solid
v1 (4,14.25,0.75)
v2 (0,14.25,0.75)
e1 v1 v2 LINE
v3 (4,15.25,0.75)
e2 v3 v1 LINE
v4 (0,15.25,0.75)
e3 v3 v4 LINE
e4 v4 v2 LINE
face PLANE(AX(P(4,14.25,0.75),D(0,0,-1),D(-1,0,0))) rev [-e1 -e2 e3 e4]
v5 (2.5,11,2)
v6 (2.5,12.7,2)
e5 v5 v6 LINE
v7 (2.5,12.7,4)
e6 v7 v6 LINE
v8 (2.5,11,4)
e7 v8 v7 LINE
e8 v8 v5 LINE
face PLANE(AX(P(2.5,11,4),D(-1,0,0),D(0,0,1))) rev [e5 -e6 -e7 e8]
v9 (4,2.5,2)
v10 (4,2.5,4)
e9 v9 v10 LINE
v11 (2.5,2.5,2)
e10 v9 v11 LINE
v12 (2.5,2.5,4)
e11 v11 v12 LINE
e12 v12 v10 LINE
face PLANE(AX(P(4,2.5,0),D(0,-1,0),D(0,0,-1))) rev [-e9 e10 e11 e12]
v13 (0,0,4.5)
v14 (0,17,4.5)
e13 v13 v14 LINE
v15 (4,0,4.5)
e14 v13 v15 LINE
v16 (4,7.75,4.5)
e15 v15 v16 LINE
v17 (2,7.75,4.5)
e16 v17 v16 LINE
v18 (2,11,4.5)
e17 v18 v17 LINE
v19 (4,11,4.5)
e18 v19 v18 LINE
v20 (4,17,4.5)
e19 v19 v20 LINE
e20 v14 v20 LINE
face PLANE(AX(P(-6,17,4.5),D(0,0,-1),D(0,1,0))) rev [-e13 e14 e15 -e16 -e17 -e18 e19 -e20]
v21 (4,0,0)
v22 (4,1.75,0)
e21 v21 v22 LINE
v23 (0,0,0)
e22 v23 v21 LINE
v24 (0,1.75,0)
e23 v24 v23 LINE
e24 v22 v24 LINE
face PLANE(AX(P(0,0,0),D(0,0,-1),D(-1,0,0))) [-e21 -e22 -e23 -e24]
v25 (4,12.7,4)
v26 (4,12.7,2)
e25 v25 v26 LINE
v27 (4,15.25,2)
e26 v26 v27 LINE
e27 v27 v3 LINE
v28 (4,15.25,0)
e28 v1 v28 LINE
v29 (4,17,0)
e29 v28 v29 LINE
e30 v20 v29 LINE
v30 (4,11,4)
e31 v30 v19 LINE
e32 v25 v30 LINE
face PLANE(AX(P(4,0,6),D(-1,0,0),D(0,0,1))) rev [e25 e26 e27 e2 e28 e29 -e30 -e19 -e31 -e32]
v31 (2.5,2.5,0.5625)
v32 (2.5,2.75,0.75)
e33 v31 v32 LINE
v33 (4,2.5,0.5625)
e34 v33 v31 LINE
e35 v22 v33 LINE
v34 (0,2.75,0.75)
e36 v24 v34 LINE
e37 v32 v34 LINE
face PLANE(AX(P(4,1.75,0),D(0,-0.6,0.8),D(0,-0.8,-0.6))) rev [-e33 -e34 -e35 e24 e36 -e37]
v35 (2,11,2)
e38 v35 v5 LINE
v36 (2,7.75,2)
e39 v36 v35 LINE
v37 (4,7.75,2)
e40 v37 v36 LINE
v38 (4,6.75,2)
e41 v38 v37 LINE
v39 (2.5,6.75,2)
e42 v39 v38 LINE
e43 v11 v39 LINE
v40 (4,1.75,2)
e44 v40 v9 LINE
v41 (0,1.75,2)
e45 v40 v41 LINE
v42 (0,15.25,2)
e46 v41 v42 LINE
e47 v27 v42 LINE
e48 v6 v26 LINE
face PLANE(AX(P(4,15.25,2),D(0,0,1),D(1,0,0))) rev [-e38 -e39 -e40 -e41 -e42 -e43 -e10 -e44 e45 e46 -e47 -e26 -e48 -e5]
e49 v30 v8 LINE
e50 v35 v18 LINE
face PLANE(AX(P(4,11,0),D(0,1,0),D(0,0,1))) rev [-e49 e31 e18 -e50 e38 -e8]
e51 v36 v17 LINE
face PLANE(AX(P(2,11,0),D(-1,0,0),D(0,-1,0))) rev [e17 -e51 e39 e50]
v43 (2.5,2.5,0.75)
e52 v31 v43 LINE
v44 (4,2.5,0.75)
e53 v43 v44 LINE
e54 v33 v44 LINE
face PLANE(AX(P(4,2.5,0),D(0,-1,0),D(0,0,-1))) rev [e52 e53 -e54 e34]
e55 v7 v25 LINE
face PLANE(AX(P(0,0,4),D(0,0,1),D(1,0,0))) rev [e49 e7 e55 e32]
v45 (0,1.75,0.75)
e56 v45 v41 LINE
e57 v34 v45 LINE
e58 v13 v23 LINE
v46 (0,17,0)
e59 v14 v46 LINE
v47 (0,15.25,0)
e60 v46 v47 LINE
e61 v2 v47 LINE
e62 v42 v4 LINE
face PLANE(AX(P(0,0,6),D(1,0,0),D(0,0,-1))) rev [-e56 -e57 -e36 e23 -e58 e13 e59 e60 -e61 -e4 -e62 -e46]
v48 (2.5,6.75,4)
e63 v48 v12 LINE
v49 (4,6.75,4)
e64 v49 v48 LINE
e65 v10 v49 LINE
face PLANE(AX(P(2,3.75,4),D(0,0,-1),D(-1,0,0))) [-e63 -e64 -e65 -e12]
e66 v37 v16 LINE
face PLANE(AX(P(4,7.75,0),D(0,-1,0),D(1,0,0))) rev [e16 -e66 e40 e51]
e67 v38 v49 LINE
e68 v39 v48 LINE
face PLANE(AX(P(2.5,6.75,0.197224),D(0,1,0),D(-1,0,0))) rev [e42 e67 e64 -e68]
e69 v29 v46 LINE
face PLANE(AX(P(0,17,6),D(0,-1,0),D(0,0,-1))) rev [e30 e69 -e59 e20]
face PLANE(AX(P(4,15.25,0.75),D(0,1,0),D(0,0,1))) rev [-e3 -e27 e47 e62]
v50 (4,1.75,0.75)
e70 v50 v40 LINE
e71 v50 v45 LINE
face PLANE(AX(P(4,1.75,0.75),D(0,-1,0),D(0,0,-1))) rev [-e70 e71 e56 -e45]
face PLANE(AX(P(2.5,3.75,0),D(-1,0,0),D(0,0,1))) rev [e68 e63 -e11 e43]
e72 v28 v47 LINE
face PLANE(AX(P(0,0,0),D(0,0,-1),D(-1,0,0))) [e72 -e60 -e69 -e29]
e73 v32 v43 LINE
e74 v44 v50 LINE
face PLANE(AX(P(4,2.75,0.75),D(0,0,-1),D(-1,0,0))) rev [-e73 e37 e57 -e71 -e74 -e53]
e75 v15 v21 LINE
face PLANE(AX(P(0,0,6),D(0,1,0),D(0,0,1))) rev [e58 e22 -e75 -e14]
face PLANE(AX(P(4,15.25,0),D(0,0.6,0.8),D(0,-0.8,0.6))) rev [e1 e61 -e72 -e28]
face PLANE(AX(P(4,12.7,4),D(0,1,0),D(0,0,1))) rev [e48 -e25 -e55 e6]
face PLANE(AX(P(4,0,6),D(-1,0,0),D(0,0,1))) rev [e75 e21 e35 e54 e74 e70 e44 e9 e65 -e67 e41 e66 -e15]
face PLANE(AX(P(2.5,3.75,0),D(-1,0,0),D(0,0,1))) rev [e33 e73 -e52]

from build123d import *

# Parameters (mm, degrees)
SKETCH1_W           = 4
SKETCH1_H           = 17
BOSS_EXTRUDE1_DEPTH = 6
SKETCH2_W           = 2
SKETCH2_H           = 3.25
SKETCH2_W_2         = 1.5
SKETCH2_H_2         = 1.25
CUT_EXTRUDE1_DEPTH  = 19.466185313
CUT_EXTRUDE2_DEPTH  = 19.466185313
SKETCH4_W           = 2
SKETCH4_H           = 1.25
BOSS_EXTRUDE2_DEPTH = 2
BOSS_EXTRUDE3_DEPTH = 2
SKETCH6_W           = 1.5
SKETCH6_H           = 1.7
SKETCH6_H_2         = 4
CUT_EXTRUDE3_DEPTH  = 2
SKETCH7_W           = 4
SKETCH7_H           = 17
CUT_EXTRUDE4_DEPTH  = 10
SKETCH8_W           = 1.5
SKETCH8_H           = 1
BOSS_EXTRUDE4_DEPTH = 2


with BuildPart() as part:
    # Sketch1 → Boss-Extrude1 (new body)
    with BuildSketch(Plane.XY):
        with Locations((2, 8.5)):
            Rectangle(SKETCH1_W, SKETCH1_H)
    extrude(amount=BOSS_EXTRUDE1_DEPTH)

    # Sketch2 → Cut-Extrude1 (cut, through all)
    with BuildSketch(Plane.XY.offset(6)):
        with Locations((3, 9.375)):
            Rectangle(SKETCH2_W, SKETCH2_H)
        with Locations((3.25, 3.125)):
            Rectangle(SKETCH2_W_2, SKETCH2_H_2)
    extrude(amount=-CUT_EXTRUDE1_DEPTH, mode=Mode.SUBTRACT)

    # Sketch3 → Cut-Extrude2 (cut, through all)
    with BuildSketch(Plane.ZY):
        Polygon((0, 15.25), (0.75, 14.25), (0.75, 15.25), (2, 15.25), (2, 1.75), (0.75, 1.75), (0.75, 2.75), (0, 1.75), align=None)
    extrude(amount=-CUT_EXTRUDE2_DEPTH, mode=Mode.SUBTRACT)

    # Sketch4 → Boss-Extrude2 (add)
    with BuildSketch(Plane(origin=(4, 0, 0), x_dir=(0, 0, -1), z_dir=(1, 0, 0))):
        with Locations((-5, 3.125)):
            Rectangle(SKETCH4_W, SKETCH4_H)
    extrude(amount=-BOSS_EXTRUDE2_DEPTH)

    # Sketch5 → Boss-Extrude3 (add)
    with BuildSketch(Plane.XY.offset(6)):
        Polygon((0, 14.5), (2, 14.5), (2, 12.2), (4, 12.2), (4, 11), (2, 11), (2, 7.75), (4, 7.75), (4, 6.55), (2, 6.55), (2, 2.5), (0, 2.5), align=None)
    extrude(amount=BOSS_EXTRUDE3_DEPTH)

    # Sketch6 → Cut-Extrude3 (cut)
    with BuildSketch(Plane(origin=(0, 0, 2), x_dir=(-1, 0, 0), z_dir=(0, 0, -1))):
        with Locations((-3.25, 11.85)):
            Rectangle(SKETCH6_W, SKETCH6_H)
        with Locations((-3.25, 5.75)):
            Rectangle(SKETCH6_W, SKETCH6_H_2)
    extrude(amount=-CUT_EXTRUDE3_DEPTH, mode=Mode.SUBTRACT)

    # Sketch7 → Cut-Extrude4 (cut)
    with BuildSketch(Plane(origin=(4, 0, 0), x_dir=(0, 0, -1), z_dir=(1, 0, 0))):
        with Locations((-6.5, 8.5)):
            Rectangle(SKETCH7_W, SKETCH7_H)
    extrude(amount=-CUT_EXTRUDE4_DEPTH, mode=Mode.SUBTRACT)

    # Sketch8 → Boss-Extrude4 (add)
    with BuildSketch(Plane(origin=(0, 0, 4), x_dir=(-1, 0, 0), z_dir=(0, 0, -1))):
        with Locations((-3.25, 7.25)):
            Rectangle(SKETCH8_W, SKETCH8_H)
    extrude(amount=BOSS_EXTRUDE4_DEPTH)


solid = part.part
